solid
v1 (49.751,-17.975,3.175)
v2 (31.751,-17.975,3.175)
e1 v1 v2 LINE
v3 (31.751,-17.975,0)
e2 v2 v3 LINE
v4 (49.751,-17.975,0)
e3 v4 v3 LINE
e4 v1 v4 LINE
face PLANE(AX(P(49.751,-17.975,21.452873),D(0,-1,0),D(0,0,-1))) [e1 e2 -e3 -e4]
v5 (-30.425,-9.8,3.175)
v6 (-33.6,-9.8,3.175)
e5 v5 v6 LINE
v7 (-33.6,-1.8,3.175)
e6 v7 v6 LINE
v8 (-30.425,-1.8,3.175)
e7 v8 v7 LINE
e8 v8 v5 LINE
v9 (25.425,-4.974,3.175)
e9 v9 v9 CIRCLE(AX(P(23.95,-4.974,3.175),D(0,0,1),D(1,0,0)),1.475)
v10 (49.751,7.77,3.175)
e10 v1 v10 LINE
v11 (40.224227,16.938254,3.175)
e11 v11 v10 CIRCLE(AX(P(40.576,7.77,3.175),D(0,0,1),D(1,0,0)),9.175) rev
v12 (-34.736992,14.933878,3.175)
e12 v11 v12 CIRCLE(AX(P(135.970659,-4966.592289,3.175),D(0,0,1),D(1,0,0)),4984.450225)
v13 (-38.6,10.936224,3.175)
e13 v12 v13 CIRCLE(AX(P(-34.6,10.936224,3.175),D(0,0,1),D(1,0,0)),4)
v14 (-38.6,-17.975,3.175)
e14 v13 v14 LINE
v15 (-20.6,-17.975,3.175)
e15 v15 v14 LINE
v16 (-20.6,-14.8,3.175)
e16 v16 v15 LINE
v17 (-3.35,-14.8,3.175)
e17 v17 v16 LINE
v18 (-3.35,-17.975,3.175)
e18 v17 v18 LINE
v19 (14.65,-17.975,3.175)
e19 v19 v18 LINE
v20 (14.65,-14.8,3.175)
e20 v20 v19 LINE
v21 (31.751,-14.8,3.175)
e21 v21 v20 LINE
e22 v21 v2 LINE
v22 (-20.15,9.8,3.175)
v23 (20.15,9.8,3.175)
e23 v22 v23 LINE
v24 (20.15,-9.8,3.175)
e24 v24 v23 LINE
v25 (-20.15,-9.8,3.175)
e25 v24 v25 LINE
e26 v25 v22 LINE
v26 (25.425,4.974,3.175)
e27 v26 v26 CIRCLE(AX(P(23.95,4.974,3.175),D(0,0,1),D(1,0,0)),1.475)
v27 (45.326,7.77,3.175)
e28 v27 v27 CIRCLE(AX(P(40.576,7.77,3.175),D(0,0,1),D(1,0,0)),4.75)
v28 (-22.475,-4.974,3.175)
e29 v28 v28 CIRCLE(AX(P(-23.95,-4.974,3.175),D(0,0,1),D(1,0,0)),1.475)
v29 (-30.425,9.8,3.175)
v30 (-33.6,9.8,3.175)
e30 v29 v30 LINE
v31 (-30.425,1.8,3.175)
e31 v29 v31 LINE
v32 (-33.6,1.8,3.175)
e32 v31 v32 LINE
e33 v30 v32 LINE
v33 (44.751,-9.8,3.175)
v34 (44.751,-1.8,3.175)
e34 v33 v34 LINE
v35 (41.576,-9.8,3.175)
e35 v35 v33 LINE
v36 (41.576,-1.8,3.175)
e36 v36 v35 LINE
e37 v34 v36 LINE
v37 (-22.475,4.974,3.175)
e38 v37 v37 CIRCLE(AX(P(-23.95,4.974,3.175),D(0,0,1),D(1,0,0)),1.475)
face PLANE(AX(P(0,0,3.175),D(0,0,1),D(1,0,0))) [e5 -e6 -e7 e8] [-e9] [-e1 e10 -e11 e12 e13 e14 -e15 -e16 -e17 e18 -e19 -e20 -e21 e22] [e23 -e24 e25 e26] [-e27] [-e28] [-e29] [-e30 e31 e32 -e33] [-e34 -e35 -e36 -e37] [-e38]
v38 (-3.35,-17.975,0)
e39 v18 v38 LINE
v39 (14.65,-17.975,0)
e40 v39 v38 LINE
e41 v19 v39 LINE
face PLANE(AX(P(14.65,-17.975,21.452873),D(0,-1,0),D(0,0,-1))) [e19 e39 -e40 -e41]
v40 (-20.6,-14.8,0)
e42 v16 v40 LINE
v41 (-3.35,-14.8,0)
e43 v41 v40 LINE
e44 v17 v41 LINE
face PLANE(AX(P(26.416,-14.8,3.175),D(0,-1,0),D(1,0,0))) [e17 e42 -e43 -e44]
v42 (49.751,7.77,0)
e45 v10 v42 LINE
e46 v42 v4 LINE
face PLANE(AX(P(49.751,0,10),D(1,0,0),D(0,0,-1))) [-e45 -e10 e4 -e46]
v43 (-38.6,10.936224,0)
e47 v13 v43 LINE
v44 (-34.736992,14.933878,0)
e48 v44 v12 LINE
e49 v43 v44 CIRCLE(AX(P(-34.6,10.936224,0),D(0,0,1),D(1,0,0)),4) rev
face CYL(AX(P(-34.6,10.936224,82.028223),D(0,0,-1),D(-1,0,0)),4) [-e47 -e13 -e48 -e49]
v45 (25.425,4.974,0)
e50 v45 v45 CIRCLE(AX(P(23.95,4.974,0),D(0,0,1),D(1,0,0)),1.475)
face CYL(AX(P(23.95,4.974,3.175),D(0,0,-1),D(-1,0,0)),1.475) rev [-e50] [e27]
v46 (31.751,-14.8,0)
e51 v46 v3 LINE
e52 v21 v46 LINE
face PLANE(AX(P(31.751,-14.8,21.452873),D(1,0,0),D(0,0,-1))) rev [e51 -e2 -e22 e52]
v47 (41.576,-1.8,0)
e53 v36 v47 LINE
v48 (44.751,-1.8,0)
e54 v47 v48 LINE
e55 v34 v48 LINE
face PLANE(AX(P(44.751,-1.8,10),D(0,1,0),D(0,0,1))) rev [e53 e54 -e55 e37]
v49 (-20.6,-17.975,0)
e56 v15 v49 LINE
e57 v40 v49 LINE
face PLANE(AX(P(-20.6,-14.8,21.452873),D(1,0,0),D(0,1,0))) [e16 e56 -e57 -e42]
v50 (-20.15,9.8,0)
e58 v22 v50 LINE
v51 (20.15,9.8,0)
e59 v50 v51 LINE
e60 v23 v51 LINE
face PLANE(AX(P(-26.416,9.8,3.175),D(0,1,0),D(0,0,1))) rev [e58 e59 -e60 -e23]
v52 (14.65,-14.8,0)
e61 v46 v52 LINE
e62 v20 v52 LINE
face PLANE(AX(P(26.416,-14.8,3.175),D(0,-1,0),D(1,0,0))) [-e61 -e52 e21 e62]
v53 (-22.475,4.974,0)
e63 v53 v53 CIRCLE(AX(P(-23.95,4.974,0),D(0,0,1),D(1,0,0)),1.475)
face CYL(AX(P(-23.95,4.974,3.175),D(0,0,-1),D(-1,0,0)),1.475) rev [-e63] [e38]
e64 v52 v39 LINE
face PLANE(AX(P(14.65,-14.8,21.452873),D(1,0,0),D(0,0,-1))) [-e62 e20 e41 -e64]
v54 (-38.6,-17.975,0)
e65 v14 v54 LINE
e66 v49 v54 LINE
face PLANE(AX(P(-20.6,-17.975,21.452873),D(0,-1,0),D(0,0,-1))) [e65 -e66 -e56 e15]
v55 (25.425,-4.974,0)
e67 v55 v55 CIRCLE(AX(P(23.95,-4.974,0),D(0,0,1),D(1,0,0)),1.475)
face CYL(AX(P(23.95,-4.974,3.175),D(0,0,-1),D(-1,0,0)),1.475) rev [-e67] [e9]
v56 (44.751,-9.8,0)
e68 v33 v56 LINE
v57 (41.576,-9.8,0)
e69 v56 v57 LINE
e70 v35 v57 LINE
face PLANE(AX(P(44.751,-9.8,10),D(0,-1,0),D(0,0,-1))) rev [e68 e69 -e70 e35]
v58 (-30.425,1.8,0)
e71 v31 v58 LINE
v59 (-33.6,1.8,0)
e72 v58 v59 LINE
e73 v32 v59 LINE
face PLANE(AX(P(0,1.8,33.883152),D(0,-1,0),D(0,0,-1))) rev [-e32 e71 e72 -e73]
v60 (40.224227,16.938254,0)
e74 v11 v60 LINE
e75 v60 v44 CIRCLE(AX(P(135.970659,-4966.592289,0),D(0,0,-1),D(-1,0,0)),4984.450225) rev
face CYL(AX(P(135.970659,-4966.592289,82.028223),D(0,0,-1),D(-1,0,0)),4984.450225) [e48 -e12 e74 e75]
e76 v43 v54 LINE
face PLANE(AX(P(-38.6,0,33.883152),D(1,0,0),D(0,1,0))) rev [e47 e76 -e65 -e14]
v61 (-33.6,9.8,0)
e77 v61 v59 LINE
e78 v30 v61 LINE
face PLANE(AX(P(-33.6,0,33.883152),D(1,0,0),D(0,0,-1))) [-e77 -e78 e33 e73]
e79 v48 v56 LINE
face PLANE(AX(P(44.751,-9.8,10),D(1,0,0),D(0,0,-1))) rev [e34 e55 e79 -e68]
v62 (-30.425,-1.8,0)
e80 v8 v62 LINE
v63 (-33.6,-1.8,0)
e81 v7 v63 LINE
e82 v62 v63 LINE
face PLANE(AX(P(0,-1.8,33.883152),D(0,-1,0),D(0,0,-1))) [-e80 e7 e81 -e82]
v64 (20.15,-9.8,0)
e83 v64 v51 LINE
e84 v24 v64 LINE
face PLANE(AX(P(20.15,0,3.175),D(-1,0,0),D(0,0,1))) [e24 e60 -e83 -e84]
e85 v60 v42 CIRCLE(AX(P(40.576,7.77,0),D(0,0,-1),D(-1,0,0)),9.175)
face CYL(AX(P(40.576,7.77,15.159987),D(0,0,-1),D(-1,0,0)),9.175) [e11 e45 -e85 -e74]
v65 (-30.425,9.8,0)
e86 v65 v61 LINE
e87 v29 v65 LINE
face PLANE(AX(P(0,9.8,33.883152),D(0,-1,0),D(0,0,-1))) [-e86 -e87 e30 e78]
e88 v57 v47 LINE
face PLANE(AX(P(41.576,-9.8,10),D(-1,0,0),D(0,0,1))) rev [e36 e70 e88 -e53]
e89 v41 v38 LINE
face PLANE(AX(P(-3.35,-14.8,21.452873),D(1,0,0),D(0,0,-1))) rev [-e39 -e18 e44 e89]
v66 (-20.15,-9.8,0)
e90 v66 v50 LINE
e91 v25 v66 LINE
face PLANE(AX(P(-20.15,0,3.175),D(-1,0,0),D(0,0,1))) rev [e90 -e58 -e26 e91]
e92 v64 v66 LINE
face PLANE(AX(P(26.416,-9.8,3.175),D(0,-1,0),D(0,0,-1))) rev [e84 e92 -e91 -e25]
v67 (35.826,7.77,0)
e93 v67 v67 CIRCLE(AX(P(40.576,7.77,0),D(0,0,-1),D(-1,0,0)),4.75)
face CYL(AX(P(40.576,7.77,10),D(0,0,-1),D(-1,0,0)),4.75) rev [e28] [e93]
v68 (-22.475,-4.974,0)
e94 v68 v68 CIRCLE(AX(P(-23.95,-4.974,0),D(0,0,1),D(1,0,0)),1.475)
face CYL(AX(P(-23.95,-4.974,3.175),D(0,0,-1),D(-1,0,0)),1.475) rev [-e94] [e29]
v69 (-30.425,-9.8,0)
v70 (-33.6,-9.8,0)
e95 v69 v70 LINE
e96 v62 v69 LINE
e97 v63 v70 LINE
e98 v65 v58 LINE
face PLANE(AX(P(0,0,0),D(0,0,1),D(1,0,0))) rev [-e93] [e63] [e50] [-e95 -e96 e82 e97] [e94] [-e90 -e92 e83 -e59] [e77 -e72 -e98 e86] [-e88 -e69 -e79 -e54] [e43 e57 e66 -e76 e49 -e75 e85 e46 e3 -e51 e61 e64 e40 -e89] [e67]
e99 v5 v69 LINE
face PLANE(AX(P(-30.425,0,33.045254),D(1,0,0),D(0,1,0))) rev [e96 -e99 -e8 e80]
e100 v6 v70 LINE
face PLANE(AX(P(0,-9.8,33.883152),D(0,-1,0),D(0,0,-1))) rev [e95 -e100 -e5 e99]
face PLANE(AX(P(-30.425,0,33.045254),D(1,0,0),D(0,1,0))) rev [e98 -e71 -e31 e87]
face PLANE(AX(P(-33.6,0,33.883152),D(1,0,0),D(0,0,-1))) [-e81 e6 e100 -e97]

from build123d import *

# Parameters (mm, degrees)
SKETCH1_W            = 6.266
SKETCH1_H            = 19.6
SKETCH1_R            = 1.475
SKETCH1_W_2          = 52.832
SKETCH1_H_2          = 5
BOSS_EXTRUDE2_DEPTH  = 3.175
SKETCH3_W            = 30
SKETCH3_H            = 29.6
BOSS_EXTRUDE3_DEPTH  = 3.175
SKETCH4_R            = 4.75
CUT_EXTRUDE1_DEPTH   = 10
BOSS_EXTRUDE14_DEPTH = 3.175
CUT_EXTRUDE8_DEPTH   = 10
BOSS_EXTRUDE15_DEPTH = 3.175
BOSS_EXTRUDE16_DEPTH = 3.175
BOSS_EXTRUDE17_DEPTH = 3.175
FILLET5_R            = 4
SKETCH27_W           = 3.175
SKETCH27_H           = 8
CUT_EXTRUDE9_DEPTH   = 10
SKETCH28_W           = 18
SKETCH28_H           = 3.175
BOSS_EXTRUDE18_DEPTH = 3.175


with BuildPart() as part:
    # Sketch1 → Boss-Extrude2 (new body)
    # profile 1 of 4: a face of its own
    with BuildSketch(Plane.XY):
        with Locations((-23.283, 0)):
            Rectangle(SKETCH1_W, SKETCH1_H)
        with Locations((-23.95, -4.974)):
            Circle(SKETCH1_R, mode=Mode.SUBTRACT)
        with Locations((-23.95, 4.974)):
            Circle(SKETCH1_R, mode=Mode.SUBTRACT)
    # profile 2 of 4: a face of its own
    with BuildSketch(Plane.XY):
        with Locations((23.283, 0)):
            Rectangle(SKETCH1_W, SKETCH1_H)
        with Locations((23.95, -4.974)):
            Circle(SKETCH1_R, mode=Mode.SUBTRACT)
        with Locations((23.95, 4.974)):
            Circle(SKETCH1_R, mode=Mode.SUBTRACT)
    # profile 3 of 4: a face of its own
    with BuildSketch(Plane.XY):
        with Locations((0, 12.3)):
            Rectangle(SKETCH1_W_2, SKETCH1_H_2)
    # profile 4 of 4: a face of its own
    with BuildSketch(Plane.XY):
        with Locations((0, -12.3)):
            Rectangle(SKETCH1_W_2, SKETCH1_H_2)
    extrude(amount=BOSS_EXTRUDE2_DEPTH)

    # Sketch3 → Boss-Extrude3 (add)
    with BuildSketch(Plane.XY.offset(3.175)):
        with Locations((41.416, 0)):
            Rectangle(SKETCH3_W, SKETCH3_H)
    extrude(amount=-BOSS_EXTRUDE3_DEPTH)

    # Sketch4 → Cut-Extrude1 (cut)
    with BuildSketch(Plane(origin=(0, 0, 0), x_dir=(-1, 0, 0), z_dir=(0, 0, -1))):
        with Locations((-40.576, 7.77)):
            Circle(SKETCH4_R)
    extrude(amount=-CUT_EXTRUDE1_DEPTH, mode=Mode.SUBTRACT)

    # Sketch22 → Boss-Extrude14 (add)
    with BuildSketch(Plane(origin=(0, 0, 0), x_dir=(-1, 0, 0), z_dir=(0, 0, -1))):
        with BuildLine():
            ThreePointArc((-34.680262133, 14.8), (-40.576, 16.945), (-46.471737867, 14.8))
            Line((-46.471737867, 14.8), (-34.680262133, 14.8))
        make_face()
    extrude(amount=-BOSS_EXTRUDE14_DEPTH)

    # Sketch23 → Cut-Extrude8 (cut)
    with BuildSketch(Plane(origin=(0, 0, 0), x_dir=(-1, 0, 0), z_dir=(0, 0, -1))):
        with BuildLine():
            Line((-49.751, -14.8), (-49.751, 7.77))
            ThreePointArc((-49.751, 7.77), (-48.890866804, 11.648609936), (-46.471737867, 14.8))
            Line((-46.471737867, 14.8), (-56.416, 14.8))
            Line((-56.416, 14.8), (-56.416, -14.8))
            Line((-56.416, -14.8), (-49.751, -14.8))
        make_face()
    extrude(amount=-CUT_EXTRUDE8_DEPTH, mode=Mode.SUBTRACT)

    # Sketch24 → Boss-Extrude15 (add)
    with BuildSketch(Plane(origin=(0, 0, 0), x_dir=(-1, 0, 0), z_dir=(0, 0, -1))):
        Polygon((30.425, 14.8), (26.416, 14.8), (26.416, -14.8), (27.751006616, -14.8), (30.425, -14.8), align=None)
    extrude(amount=-BOSS_EXTRUDE15_DEPTH)

    # Sketch25 → Boss-Extrude16 (add)
    with BuildSketch(Plane(origin=(0, 0, 0), x_dir=(-1, 0, 0), z_dir=(0, 0, -1))):
        Polygon((30.425, 14.8), (30.425, 9.8), (33.6, 9.8), (33.6, 1.8), (30.425, 1.8), (30.425, -1.8), (33.6, -1.8), (33.6, -9.8), (30.425, -9.8), (30.425, -14.8), (31.879074074, -14.8), (38.6, -14.8), (38.6, 14.8), align=None)
    extrude(amount=-BOSS_EXTRUDE16_DEPTH)

    # Sketch26 → Boss-Extrude17 (add)
    with BuildSketch(Plane(origin=(0, 0, 0), x_dir=(-1, 0, 0), z_dir=(0, 0, -1))):
        with BuildLine():
            ThreePointArc((-40.224226578, 16.938253948), (-37.274351652, 16.330358823), (-34.680262133, 14.8))
            Line((-34.680262133, 14.8), (38.6, 14.8))
            ThreePointArc((38.6, 14.8), (-0.807884867, 16.02500278), (-40.224226578, 16.938253948))
        make_face()
    extrude(amount=-BOSS_EXTRUDE17_DEPTH)

    # Fillet5
    fillet5_edges = [part.edges().sort_by_distance(p)[0] for p in [
        (-38.6, 14.8, 1.5875),
    ]]
    fillet(fillet5_edges, radius=FILLET5_R)

    # Sketch27 → Cut-Extrude9 (cut)
    with BuildSketch(Plane(origin=(0, 0, 0), x_dir=(-1, 0, 0), z_dir=(0, 0, -1))):
        with Locations((-43.1635, -5.8)):
            Rectangle(SKETCH27_W, SKETCH27_H)
    extrude(amount=-CUT_EXTRUDE9_DEPTH, mode=Mode.SUBTRACT)

    # Sketch28 → Boss-Extrude18 (add)
    with BuildSketch(Plane(origin=(0, 0, 0), x_dir=(-1, 0, 0), z_dir=(0, 0, -1))):
        with Locations((-40.751, -16.3875)):
            Rectangle(SKETCH28_W, SKETCH28_H)
        with Locations((-5.65, -16.3875)):
            Rectangle(SKETCH28_W, SKETCH28_H)
        with Locations((29.6, -16.3875)):
            Rectangle(SKETCH28_W, SKETCH28_H)
    extrude(amount=-BOSS_EXTRUDE18_DEPTH)


solid = part.part
